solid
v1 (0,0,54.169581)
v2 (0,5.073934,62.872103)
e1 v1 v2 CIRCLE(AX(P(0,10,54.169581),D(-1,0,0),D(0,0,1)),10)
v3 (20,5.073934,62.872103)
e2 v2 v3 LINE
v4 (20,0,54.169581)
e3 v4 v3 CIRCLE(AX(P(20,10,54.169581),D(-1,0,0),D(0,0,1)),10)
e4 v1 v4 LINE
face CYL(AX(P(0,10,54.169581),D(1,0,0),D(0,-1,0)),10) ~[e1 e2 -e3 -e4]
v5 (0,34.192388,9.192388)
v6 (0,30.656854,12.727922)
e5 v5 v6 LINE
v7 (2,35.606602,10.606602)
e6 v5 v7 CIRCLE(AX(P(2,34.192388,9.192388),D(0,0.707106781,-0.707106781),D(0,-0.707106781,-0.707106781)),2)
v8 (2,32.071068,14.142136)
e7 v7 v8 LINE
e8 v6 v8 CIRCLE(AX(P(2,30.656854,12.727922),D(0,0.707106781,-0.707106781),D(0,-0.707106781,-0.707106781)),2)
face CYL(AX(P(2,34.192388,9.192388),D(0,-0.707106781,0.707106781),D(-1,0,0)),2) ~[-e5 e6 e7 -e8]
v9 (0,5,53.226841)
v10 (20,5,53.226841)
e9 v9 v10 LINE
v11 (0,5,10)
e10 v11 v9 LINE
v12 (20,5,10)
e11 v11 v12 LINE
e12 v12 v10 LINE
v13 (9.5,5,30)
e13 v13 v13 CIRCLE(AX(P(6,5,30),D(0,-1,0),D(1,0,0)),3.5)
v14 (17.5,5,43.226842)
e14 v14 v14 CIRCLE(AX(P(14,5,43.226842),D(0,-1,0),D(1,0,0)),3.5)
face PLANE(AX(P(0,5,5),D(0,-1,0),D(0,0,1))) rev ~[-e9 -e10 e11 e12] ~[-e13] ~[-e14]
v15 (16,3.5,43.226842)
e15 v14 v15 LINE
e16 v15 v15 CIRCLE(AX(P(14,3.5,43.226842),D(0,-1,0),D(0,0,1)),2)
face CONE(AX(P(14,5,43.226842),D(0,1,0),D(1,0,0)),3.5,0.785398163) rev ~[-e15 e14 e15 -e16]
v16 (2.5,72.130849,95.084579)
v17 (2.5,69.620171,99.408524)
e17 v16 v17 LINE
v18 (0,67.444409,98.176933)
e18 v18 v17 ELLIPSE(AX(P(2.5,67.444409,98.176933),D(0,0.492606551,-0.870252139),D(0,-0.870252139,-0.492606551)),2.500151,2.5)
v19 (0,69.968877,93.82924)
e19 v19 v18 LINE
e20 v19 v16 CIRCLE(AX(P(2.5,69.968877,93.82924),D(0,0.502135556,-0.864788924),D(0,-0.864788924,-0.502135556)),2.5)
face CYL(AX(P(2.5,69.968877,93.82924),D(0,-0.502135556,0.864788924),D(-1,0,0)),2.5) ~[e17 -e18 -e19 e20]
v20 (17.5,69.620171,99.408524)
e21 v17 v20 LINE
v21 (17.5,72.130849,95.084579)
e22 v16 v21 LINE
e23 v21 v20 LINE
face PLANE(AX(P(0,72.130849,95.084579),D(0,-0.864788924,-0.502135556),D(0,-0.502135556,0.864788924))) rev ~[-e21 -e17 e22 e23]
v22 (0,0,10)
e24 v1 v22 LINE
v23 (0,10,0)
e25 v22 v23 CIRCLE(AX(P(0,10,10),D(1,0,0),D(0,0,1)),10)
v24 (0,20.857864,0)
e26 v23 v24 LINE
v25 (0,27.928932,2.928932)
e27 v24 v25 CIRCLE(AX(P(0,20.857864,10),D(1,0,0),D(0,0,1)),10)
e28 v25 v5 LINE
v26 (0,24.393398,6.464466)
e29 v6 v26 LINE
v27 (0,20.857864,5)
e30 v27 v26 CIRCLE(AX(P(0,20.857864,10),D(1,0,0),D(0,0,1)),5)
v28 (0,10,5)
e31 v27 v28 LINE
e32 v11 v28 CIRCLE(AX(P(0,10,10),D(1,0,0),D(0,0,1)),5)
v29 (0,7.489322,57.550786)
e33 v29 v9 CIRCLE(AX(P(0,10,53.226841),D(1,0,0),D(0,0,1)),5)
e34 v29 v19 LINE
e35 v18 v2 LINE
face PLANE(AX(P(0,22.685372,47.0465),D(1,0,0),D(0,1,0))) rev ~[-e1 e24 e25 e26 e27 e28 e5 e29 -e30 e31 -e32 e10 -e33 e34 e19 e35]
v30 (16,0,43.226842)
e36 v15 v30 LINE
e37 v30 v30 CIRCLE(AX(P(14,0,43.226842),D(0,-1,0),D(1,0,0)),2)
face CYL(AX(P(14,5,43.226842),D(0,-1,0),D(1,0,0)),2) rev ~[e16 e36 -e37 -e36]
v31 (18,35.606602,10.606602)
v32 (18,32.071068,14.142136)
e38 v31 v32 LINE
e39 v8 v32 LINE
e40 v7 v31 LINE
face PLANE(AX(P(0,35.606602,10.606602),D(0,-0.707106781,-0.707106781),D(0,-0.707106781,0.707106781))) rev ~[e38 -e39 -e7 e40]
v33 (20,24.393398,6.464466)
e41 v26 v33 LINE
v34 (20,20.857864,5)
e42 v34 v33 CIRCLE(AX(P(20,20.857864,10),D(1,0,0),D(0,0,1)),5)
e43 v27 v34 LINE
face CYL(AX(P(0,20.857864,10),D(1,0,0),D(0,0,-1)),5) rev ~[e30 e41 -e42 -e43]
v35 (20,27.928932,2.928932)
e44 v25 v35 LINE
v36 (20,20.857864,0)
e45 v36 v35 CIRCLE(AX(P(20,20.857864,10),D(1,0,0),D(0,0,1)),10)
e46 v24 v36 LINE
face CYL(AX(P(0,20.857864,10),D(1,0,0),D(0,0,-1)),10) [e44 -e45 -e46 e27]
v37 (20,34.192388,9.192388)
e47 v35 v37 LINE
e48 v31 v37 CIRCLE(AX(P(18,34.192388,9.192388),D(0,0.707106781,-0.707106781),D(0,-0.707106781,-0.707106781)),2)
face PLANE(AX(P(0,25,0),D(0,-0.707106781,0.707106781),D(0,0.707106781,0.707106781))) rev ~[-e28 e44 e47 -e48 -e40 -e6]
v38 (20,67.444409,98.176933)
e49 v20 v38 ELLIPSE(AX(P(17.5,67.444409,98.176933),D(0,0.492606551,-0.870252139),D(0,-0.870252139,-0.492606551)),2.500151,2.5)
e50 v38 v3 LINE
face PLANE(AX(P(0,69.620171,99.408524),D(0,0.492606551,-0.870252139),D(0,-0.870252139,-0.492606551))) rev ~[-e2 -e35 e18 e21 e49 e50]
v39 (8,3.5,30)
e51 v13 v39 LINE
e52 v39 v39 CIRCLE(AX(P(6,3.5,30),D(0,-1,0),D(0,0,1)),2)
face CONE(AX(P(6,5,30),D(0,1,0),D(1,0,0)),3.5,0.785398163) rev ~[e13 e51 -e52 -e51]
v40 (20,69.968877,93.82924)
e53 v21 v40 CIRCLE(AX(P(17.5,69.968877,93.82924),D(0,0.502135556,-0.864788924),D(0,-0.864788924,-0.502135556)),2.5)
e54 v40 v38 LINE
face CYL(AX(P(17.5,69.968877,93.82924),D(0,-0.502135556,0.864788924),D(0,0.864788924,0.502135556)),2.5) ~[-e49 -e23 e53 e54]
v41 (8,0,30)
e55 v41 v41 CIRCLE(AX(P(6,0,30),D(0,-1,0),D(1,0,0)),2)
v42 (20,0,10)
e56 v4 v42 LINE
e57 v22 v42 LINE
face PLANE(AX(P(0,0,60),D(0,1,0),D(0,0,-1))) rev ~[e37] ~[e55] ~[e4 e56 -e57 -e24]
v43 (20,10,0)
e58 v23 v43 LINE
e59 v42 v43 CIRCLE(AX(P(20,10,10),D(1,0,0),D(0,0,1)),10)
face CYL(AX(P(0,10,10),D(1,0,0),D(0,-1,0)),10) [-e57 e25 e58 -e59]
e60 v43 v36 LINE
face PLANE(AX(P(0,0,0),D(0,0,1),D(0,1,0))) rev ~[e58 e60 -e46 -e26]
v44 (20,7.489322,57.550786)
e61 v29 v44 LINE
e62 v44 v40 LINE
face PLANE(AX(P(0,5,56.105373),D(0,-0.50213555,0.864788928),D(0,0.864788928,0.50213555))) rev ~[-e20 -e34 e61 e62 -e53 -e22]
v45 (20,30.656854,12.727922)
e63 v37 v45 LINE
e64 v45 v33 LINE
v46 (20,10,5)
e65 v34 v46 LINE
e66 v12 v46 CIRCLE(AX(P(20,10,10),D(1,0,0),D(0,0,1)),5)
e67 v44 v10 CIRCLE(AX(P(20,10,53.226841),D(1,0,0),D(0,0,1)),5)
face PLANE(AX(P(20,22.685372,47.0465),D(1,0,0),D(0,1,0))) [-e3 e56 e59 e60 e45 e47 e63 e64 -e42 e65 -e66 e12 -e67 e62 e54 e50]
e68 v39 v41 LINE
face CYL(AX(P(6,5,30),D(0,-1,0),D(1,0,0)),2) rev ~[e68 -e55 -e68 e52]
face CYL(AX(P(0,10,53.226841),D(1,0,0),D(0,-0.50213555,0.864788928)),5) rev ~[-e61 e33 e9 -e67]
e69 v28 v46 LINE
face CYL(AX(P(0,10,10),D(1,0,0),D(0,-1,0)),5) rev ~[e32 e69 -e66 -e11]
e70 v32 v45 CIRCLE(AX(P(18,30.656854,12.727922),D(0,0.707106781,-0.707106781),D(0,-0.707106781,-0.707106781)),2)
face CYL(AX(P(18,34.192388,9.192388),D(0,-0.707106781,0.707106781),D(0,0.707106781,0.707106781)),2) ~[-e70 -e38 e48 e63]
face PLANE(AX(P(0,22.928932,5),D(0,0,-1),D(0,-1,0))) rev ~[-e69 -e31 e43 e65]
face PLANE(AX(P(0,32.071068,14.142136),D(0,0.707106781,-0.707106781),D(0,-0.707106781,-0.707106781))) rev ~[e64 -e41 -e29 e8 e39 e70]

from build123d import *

# Parameters (mm, degrees)
F1_DEPTH       = 20
F2_R           = 10
F3_R           = 5
F4_R           = 5
F5_R           = 2
F6_R           = 2.5
F8_D           = 4
F8_CSINK_D     = 7
F8_CSINK_ANGLE = 90


with BuildPart() as f1:
    # F0 (on Right) → F1 (new body)
    with BuildSketch(Plane.YZ):
        Polygon((0, 60), (0, 0), (25, 0), (35.606602, 10.606602), (32.071068, 14.142136), (22.928932, 5), (5, 5), (5, 56.105373), (72.130849, 95.084579), (69.620171, 99.408524), align=None)
    extrude(amount=F1_DEPTH)

    # F2
    f2_edges = [f1.edges().sort_by_distance(p)[0] for p in [
        (10, 0, 60),
        (10, 0, 0),
        (10, 25, 0),
    ]]
    fillet(f2_edges, radius=F2_R)

    # F3
    f3_edges = [f1.edges().sort_by_distance(p)[0] for p in [
        (10, 5, 56.105373),
        (10, 5, 5),
    ]]
    fillet(f3_edges, radius=F3_R)

    # F4
    f4_edges = [f1.edges().sort_by_distance(p)[0] for p in [
        (10, 22.928932, 5),
    ]]
    fillet(f4_edges, radius=F4_R)

    # F5
    f5_edges = [f1.edges().sort_by_distance(p)[0] for p in [
        (20, 33.838835, 12.374369),
        (0, 33.838835, 12.374369),
    ]]
    fillet(f5_edges, radius=F5_R)

    # F6
    f6_edges = [f1.edges().sort_by_distance(p)[0] for p in [
        (20, 70.87551, 97.246551),
        (0, 70.87551, 97.246551),
    ]]
    fillet(f6_edges, radius=F6_R)

    # F8 (through all)
    with Locations(Plane(origin=(0, 5, 0), x_dir=(-1, 0, 0), z_dir=(0, 1, 0))):
        with Locations((-6, 30), (-14, 43.226842)):
            CounterSinkHole(F8_D / 2, F8_CSINK_D / 2, counter_sink_angle=F8_CSINK_ANGLE)


solid = f1.part
